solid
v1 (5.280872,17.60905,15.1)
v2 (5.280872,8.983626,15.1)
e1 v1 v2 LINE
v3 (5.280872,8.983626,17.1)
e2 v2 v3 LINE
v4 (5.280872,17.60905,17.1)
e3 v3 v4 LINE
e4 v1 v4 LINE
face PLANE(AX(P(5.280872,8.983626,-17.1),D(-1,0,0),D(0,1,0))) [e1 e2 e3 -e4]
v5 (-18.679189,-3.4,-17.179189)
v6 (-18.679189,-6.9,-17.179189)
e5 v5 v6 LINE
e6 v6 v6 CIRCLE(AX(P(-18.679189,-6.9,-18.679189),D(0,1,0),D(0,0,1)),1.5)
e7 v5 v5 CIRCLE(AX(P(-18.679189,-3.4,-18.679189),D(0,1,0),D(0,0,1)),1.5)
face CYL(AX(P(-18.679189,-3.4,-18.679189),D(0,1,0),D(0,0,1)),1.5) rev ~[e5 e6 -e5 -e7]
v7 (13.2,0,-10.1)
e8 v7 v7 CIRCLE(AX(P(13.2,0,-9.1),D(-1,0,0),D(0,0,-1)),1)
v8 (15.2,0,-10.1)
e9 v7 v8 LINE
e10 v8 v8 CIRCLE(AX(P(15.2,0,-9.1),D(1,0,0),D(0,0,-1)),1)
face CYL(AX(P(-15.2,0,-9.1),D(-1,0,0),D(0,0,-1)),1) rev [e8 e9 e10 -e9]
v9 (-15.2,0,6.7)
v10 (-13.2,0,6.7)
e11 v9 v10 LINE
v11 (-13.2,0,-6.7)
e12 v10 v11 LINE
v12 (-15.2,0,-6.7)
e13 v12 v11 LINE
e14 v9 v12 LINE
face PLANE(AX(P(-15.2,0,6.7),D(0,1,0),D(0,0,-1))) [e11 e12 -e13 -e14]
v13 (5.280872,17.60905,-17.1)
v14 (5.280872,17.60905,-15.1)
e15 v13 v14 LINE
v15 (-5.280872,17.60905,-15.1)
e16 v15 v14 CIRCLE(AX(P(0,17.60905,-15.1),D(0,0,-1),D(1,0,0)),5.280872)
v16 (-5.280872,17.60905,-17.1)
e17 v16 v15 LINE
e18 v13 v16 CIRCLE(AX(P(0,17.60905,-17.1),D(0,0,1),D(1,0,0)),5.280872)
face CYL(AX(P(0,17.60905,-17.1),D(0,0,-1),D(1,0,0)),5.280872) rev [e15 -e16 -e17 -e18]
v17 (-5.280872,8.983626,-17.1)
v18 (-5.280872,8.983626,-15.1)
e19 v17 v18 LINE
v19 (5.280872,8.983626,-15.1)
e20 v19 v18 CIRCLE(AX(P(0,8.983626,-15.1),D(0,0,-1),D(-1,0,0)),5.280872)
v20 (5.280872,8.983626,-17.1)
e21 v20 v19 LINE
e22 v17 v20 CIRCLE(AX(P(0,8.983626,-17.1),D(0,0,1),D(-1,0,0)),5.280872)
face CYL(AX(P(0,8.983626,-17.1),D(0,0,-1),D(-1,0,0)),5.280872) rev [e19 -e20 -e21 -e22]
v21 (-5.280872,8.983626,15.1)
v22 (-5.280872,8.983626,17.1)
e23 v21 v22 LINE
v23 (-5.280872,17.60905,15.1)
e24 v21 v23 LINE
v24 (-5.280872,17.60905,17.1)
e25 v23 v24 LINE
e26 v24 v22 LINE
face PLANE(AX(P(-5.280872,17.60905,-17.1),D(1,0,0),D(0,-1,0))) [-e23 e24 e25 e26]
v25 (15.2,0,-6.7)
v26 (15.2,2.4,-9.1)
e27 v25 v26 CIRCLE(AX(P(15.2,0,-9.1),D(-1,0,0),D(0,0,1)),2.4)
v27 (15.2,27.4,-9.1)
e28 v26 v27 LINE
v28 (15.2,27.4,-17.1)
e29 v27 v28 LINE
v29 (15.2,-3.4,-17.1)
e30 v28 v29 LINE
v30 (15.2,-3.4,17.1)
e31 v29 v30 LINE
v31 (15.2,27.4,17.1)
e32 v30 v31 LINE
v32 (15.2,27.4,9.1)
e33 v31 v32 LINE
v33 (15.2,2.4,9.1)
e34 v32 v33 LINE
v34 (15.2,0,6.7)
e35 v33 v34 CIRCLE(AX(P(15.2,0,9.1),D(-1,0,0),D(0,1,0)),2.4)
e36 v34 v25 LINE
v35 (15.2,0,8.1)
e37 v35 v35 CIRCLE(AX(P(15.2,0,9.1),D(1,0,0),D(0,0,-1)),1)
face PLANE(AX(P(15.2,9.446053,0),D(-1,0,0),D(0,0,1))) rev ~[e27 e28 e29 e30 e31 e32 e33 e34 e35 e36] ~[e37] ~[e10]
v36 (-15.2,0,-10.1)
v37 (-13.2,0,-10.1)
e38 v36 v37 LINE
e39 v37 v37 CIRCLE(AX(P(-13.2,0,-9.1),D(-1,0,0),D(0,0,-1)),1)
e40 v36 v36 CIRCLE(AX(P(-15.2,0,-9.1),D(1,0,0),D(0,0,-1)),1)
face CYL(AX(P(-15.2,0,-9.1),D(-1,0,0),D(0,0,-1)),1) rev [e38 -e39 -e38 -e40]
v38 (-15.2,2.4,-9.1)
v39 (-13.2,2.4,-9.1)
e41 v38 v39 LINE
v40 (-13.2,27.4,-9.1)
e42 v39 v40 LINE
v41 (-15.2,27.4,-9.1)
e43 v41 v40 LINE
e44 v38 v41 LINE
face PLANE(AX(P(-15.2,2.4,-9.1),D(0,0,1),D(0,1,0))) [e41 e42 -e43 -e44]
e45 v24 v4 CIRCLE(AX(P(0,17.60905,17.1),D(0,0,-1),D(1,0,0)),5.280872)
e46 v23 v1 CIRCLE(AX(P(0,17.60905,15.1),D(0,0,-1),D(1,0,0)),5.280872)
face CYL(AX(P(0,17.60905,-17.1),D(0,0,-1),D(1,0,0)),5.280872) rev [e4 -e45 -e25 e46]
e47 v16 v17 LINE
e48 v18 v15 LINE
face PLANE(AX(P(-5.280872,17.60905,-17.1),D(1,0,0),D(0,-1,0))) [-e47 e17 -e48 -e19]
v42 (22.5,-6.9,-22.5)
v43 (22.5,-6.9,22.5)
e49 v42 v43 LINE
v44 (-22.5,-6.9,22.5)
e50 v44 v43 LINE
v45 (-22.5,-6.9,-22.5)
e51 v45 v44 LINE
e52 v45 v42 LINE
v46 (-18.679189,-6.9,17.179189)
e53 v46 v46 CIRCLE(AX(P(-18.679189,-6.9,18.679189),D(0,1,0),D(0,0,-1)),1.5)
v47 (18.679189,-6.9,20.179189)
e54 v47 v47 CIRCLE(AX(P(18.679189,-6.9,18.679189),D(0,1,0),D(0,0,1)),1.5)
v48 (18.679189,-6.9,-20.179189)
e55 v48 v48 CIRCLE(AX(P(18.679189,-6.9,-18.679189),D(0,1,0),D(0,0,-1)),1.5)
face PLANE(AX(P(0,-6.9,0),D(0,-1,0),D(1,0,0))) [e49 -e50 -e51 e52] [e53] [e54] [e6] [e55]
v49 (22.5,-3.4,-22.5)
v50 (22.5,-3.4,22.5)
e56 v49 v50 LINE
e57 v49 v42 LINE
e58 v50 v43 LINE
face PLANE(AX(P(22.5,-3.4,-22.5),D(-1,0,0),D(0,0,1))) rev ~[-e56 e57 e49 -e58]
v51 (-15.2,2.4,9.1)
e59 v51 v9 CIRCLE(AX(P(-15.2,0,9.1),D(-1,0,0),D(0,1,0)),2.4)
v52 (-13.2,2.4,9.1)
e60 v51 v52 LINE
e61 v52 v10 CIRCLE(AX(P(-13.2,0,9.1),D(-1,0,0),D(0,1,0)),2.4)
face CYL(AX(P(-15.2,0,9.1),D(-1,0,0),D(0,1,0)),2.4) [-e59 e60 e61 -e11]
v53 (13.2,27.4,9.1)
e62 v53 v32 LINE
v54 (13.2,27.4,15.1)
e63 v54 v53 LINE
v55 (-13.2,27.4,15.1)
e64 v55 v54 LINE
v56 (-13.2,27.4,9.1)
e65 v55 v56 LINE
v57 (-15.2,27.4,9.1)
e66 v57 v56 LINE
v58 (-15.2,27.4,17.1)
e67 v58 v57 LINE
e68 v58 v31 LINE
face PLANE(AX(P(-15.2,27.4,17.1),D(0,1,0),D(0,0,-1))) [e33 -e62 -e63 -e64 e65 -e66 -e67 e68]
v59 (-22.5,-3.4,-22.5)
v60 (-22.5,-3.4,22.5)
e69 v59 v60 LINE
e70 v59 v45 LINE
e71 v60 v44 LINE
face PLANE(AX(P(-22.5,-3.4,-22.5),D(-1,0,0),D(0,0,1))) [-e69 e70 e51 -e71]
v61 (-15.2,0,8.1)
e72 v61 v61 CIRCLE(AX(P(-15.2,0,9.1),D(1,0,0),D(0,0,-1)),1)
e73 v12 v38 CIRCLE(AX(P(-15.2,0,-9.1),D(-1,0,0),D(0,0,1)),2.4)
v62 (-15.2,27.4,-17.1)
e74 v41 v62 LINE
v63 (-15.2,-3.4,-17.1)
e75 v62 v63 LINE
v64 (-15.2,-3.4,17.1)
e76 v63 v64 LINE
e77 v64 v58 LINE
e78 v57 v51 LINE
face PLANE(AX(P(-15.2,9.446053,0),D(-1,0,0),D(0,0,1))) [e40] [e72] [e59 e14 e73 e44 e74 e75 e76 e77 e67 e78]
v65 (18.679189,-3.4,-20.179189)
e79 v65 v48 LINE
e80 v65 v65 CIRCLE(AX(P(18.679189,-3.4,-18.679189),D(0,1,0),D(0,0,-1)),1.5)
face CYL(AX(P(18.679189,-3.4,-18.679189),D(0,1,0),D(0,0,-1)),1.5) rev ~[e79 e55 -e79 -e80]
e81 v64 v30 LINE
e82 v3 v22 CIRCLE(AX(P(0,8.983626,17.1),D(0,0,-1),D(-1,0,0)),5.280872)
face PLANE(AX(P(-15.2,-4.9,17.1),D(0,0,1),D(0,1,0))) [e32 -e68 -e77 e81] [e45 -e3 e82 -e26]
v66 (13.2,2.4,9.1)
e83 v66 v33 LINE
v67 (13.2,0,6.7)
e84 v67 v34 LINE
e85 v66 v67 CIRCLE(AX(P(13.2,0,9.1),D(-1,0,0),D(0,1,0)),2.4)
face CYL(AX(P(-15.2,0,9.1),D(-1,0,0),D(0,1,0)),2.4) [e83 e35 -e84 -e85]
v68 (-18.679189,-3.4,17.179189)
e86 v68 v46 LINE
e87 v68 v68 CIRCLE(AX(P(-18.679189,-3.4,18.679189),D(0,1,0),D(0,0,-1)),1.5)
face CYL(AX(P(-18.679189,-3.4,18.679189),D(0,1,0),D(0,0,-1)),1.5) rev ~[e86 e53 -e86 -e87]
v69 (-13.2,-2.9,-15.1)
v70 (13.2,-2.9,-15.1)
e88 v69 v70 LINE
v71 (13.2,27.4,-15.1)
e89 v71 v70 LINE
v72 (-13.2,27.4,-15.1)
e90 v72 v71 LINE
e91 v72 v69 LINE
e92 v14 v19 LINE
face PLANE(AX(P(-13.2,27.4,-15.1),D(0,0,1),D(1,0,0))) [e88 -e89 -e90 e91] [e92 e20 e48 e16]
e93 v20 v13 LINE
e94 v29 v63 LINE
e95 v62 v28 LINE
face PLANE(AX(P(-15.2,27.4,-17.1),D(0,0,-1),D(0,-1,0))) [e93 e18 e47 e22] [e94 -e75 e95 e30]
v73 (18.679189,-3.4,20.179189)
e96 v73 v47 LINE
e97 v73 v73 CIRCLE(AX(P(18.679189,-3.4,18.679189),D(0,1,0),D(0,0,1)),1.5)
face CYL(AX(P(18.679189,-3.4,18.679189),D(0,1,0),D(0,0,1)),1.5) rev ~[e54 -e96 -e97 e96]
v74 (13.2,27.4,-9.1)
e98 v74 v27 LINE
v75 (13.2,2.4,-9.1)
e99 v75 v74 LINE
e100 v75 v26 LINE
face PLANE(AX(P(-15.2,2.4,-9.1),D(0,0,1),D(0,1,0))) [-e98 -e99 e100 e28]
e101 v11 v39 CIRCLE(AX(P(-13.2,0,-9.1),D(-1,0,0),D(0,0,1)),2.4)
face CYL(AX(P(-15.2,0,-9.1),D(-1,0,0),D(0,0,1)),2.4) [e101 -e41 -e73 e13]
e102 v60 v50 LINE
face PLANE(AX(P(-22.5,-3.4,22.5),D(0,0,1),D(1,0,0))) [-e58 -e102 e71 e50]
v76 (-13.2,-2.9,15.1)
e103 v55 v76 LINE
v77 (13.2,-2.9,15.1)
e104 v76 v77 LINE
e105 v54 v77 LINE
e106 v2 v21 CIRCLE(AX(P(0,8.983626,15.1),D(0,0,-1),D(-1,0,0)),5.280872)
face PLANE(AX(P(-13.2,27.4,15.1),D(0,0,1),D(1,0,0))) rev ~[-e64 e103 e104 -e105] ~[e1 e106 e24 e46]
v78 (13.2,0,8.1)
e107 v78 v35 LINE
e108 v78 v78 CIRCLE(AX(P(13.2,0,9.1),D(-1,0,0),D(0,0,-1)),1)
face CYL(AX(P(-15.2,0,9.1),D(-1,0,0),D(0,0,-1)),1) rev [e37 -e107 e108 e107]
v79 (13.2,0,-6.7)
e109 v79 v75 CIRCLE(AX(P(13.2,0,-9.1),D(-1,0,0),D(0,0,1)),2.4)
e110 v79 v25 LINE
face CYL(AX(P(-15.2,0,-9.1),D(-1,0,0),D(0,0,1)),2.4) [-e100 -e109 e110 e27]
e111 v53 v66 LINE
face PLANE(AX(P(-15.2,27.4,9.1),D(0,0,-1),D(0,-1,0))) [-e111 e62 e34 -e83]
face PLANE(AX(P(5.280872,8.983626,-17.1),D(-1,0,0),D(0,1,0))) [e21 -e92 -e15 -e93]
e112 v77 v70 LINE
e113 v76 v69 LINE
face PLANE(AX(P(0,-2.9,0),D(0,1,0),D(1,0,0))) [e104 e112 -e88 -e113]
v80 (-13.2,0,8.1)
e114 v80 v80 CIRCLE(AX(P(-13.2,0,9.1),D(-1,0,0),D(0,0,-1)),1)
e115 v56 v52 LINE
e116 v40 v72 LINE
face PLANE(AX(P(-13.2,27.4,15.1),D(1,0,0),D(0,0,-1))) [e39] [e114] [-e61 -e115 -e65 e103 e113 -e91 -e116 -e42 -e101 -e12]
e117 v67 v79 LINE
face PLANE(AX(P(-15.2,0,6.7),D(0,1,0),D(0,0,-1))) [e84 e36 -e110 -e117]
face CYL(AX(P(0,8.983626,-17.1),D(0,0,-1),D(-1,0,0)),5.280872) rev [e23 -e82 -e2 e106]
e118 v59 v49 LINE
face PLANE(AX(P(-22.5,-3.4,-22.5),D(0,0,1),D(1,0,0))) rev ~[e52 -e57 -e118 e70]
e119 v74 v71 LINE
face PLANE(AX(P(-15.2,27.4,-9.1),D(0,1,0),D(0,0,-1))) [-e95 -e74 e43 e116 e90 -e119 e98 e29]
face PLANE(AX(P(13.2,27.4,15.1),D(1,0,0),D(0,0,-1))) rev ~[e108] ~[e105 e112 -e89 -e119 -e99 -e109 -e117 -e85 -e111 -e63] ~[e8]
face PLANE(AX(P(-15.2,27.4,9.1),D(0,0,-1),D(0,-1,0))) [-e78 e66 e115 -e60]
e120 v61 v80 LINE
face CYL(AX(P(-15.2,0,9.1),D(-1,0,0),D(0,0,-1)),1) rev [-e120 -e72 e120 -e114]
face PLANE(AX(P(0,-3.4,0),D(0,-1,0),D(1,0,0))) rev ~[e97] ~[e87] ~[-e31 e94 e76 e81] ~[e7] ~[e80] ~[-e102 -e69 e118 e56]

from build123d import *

# Parameters (mm, degrees)
EXTRUDE_1_DEPTH      = 15.2
EXTRUDE_1_DEPTH_BACK = 15.2
SKETCH_1_R           = 1
SKETCH_2_W           = 26.4
SKETCH_2_H           = 30.2
CUT_EXTRUDE_1_DEPTH  = 30.3
CUT_EXTRUDE_2_REACH  = 48.384
EXTRUDE_2_DEPTH      = 2
EXTRUDE_2_DEPTH_BACK = 1.5
SKETCH_4_W           = 45
SKETCH_4_H           = 45
SKETCH_5_R           = 1.5
CUT_EXTRUDE_3_DEPTH  = 3.5


with BuildPart() as part:
    # 草图1 → 凸台-拉伸1 (new, two sides: drawn at the far end of the back side and taken through both)
    with BuildSketch(Plane(origin=(0, 0, 0), x_dir=(0, 0, -1), z_dir=(1, 0, 0)).offset(-EXTRUDE_1_DEPTH_BACK)):
        with BuildLine():
            Line((-6.7, 0), (6.7, 0))
            ThreePointArc((6.7, 0), (7.402943725, 1.697056275), (9.1, 2.4))
            Line((9.1, 2.4), (9.1, 27.4))
            Line((9.1, 27.4), (17.1, 27.4))
            Line((17.1, 27.4), (17.1, 0))
            Line((17.1, 0), (17.1, -4.9))
            Line((17.1, -4.9), (9.1, -4.9))
            Line((9.1, -4.9), (-9.1, -4.9))
            Line((-9.1, -4.9), (-17.1, -4.9))
            Line((-17.1, -4.9), (-17.1, 0))
            Line((-17.1, 0), (-17.1, 27.4))
            Line((-17.1, 27.4), (-9.1, 27.4))
            Line((-9.1, 27.4), (-9.1, 2.4))
            ThreePointArc((-9.1, 2.4), (-7.402943725, 1.697056275), (-6.7, 0))
        make_face()
        with Locations((9.1, 0)):
            Circle(SKETCH_1_R, mode=Mode.SUBTRACT)
        with Locations((-9.1, 0)):
            Circle(SKETCH_1_R, mode=Mode.SUBTRACT)
    extrude(amount=EXTRUDE_1_DEPTH + EXTRUDE_1_DEPTH_BACK)

    # 草图2 → 切除-拉伸1 (cut)
    with BuildSketch(Plane(origin=(0, 27.4, 0), x_dir=(1, 0, 0), z_dir=(0, 1, 0))):
        Rectangle(SKETCH_2_W, SKETCH_2_H)
    extrude(amount=-CUT_EXTRUDE_1_DEPTH, mode=Mode.SUBTRACT)

    # 切除-拉伸2: up to this face of the body (flat: up to its plane)
    cut_extrude_2_end = Plane(part.part.faces().sort_by_distance((0, 11.25, 17.1))[0])
    # 草图3 → 切除-拉伸2 (cut, up to the picked face)
    with BuildSketch(Plane(origin=(0, 0, -17.1), x_dir=(-1, 0, 0), z_dir=(0, 0, -1)), mode=Mode.PRIVATE) as cut_extrude_2_sk1:
        with BuildLine():
            Line((5.280872039, 17.60905008), (5.280872039, 8.98362575))
            ThreePointArc((5.280872039, 8.98362575), (0, 3.702753711), (-5.280872039, 8.98362575))
            Line((-5.280872039, 8.98362575), (-5.280872039, 17.60905008))
            ThreePointArc((-5.280872039, 17.60905008), (0, 22.889922119), (5.280872039, 17.60905008))
        make_face()
    cut_extrude_2_tool1 = split(extrude(cut_extrude_2_sk1.sketch, amount=-CUT_EXTRUDE_2_REACH, mode=Mode.PRIVATE), bisect_by=cut_extrude_2_end, keep=Keep.BOTH, mode=Mode.PRIVATE)
    add(cut_extrude_2_tool1.solids().sort_by(Axis((0, 13.296338, -17.1), (0, 0, 1)))[0], mode=Mode.SUBTRACT)

    # 草图4 → 凸台-拉伸2 (add, two sides: drawn at the far end of the back side and taken through both)
    with BuildSketch(Plane.XZ.offset(4.9).offset(-EXTRUDE_2_DEPTH_BACK)):
        Rectangle(SKETCH_4_W, SKETCH_4_H)
    extrude(amount=EXTRUDE_2_DEPTH + EXTRUDE_2_DEPTH_BACK)

    # 草图5 → 切除-拉伸3 (cut)
    with BuildSketch(Plane(origin=(0, -3.4, 0), x_dir=(1, 0, 0), z_dir=(0, 1, 0))):
        with Locations(Location((-18.679189152, 18.679189152, 0), (0, 0, 270))):
            Circle(SKETCH_5_R)
        with Locations(Location((18.679189152, 18.679189152, 0), (0, 0, 90))):
            Circle(SKETCH_5_R)
        with Locations(Location((-18.679189152, -18.679189152, 0), (0, 0, 90))):
            Circle(SKETCH_5_R)
        with Locations(Location((18.679189152, -18.679189152, 0), (0, 0, 270))):
            Circle(SKETCH_5_R)
    extrude(amount=-CUT_EXTRUDE_3_DEPTH, mode=Mode.SUBTRACT)


solid = part.part
